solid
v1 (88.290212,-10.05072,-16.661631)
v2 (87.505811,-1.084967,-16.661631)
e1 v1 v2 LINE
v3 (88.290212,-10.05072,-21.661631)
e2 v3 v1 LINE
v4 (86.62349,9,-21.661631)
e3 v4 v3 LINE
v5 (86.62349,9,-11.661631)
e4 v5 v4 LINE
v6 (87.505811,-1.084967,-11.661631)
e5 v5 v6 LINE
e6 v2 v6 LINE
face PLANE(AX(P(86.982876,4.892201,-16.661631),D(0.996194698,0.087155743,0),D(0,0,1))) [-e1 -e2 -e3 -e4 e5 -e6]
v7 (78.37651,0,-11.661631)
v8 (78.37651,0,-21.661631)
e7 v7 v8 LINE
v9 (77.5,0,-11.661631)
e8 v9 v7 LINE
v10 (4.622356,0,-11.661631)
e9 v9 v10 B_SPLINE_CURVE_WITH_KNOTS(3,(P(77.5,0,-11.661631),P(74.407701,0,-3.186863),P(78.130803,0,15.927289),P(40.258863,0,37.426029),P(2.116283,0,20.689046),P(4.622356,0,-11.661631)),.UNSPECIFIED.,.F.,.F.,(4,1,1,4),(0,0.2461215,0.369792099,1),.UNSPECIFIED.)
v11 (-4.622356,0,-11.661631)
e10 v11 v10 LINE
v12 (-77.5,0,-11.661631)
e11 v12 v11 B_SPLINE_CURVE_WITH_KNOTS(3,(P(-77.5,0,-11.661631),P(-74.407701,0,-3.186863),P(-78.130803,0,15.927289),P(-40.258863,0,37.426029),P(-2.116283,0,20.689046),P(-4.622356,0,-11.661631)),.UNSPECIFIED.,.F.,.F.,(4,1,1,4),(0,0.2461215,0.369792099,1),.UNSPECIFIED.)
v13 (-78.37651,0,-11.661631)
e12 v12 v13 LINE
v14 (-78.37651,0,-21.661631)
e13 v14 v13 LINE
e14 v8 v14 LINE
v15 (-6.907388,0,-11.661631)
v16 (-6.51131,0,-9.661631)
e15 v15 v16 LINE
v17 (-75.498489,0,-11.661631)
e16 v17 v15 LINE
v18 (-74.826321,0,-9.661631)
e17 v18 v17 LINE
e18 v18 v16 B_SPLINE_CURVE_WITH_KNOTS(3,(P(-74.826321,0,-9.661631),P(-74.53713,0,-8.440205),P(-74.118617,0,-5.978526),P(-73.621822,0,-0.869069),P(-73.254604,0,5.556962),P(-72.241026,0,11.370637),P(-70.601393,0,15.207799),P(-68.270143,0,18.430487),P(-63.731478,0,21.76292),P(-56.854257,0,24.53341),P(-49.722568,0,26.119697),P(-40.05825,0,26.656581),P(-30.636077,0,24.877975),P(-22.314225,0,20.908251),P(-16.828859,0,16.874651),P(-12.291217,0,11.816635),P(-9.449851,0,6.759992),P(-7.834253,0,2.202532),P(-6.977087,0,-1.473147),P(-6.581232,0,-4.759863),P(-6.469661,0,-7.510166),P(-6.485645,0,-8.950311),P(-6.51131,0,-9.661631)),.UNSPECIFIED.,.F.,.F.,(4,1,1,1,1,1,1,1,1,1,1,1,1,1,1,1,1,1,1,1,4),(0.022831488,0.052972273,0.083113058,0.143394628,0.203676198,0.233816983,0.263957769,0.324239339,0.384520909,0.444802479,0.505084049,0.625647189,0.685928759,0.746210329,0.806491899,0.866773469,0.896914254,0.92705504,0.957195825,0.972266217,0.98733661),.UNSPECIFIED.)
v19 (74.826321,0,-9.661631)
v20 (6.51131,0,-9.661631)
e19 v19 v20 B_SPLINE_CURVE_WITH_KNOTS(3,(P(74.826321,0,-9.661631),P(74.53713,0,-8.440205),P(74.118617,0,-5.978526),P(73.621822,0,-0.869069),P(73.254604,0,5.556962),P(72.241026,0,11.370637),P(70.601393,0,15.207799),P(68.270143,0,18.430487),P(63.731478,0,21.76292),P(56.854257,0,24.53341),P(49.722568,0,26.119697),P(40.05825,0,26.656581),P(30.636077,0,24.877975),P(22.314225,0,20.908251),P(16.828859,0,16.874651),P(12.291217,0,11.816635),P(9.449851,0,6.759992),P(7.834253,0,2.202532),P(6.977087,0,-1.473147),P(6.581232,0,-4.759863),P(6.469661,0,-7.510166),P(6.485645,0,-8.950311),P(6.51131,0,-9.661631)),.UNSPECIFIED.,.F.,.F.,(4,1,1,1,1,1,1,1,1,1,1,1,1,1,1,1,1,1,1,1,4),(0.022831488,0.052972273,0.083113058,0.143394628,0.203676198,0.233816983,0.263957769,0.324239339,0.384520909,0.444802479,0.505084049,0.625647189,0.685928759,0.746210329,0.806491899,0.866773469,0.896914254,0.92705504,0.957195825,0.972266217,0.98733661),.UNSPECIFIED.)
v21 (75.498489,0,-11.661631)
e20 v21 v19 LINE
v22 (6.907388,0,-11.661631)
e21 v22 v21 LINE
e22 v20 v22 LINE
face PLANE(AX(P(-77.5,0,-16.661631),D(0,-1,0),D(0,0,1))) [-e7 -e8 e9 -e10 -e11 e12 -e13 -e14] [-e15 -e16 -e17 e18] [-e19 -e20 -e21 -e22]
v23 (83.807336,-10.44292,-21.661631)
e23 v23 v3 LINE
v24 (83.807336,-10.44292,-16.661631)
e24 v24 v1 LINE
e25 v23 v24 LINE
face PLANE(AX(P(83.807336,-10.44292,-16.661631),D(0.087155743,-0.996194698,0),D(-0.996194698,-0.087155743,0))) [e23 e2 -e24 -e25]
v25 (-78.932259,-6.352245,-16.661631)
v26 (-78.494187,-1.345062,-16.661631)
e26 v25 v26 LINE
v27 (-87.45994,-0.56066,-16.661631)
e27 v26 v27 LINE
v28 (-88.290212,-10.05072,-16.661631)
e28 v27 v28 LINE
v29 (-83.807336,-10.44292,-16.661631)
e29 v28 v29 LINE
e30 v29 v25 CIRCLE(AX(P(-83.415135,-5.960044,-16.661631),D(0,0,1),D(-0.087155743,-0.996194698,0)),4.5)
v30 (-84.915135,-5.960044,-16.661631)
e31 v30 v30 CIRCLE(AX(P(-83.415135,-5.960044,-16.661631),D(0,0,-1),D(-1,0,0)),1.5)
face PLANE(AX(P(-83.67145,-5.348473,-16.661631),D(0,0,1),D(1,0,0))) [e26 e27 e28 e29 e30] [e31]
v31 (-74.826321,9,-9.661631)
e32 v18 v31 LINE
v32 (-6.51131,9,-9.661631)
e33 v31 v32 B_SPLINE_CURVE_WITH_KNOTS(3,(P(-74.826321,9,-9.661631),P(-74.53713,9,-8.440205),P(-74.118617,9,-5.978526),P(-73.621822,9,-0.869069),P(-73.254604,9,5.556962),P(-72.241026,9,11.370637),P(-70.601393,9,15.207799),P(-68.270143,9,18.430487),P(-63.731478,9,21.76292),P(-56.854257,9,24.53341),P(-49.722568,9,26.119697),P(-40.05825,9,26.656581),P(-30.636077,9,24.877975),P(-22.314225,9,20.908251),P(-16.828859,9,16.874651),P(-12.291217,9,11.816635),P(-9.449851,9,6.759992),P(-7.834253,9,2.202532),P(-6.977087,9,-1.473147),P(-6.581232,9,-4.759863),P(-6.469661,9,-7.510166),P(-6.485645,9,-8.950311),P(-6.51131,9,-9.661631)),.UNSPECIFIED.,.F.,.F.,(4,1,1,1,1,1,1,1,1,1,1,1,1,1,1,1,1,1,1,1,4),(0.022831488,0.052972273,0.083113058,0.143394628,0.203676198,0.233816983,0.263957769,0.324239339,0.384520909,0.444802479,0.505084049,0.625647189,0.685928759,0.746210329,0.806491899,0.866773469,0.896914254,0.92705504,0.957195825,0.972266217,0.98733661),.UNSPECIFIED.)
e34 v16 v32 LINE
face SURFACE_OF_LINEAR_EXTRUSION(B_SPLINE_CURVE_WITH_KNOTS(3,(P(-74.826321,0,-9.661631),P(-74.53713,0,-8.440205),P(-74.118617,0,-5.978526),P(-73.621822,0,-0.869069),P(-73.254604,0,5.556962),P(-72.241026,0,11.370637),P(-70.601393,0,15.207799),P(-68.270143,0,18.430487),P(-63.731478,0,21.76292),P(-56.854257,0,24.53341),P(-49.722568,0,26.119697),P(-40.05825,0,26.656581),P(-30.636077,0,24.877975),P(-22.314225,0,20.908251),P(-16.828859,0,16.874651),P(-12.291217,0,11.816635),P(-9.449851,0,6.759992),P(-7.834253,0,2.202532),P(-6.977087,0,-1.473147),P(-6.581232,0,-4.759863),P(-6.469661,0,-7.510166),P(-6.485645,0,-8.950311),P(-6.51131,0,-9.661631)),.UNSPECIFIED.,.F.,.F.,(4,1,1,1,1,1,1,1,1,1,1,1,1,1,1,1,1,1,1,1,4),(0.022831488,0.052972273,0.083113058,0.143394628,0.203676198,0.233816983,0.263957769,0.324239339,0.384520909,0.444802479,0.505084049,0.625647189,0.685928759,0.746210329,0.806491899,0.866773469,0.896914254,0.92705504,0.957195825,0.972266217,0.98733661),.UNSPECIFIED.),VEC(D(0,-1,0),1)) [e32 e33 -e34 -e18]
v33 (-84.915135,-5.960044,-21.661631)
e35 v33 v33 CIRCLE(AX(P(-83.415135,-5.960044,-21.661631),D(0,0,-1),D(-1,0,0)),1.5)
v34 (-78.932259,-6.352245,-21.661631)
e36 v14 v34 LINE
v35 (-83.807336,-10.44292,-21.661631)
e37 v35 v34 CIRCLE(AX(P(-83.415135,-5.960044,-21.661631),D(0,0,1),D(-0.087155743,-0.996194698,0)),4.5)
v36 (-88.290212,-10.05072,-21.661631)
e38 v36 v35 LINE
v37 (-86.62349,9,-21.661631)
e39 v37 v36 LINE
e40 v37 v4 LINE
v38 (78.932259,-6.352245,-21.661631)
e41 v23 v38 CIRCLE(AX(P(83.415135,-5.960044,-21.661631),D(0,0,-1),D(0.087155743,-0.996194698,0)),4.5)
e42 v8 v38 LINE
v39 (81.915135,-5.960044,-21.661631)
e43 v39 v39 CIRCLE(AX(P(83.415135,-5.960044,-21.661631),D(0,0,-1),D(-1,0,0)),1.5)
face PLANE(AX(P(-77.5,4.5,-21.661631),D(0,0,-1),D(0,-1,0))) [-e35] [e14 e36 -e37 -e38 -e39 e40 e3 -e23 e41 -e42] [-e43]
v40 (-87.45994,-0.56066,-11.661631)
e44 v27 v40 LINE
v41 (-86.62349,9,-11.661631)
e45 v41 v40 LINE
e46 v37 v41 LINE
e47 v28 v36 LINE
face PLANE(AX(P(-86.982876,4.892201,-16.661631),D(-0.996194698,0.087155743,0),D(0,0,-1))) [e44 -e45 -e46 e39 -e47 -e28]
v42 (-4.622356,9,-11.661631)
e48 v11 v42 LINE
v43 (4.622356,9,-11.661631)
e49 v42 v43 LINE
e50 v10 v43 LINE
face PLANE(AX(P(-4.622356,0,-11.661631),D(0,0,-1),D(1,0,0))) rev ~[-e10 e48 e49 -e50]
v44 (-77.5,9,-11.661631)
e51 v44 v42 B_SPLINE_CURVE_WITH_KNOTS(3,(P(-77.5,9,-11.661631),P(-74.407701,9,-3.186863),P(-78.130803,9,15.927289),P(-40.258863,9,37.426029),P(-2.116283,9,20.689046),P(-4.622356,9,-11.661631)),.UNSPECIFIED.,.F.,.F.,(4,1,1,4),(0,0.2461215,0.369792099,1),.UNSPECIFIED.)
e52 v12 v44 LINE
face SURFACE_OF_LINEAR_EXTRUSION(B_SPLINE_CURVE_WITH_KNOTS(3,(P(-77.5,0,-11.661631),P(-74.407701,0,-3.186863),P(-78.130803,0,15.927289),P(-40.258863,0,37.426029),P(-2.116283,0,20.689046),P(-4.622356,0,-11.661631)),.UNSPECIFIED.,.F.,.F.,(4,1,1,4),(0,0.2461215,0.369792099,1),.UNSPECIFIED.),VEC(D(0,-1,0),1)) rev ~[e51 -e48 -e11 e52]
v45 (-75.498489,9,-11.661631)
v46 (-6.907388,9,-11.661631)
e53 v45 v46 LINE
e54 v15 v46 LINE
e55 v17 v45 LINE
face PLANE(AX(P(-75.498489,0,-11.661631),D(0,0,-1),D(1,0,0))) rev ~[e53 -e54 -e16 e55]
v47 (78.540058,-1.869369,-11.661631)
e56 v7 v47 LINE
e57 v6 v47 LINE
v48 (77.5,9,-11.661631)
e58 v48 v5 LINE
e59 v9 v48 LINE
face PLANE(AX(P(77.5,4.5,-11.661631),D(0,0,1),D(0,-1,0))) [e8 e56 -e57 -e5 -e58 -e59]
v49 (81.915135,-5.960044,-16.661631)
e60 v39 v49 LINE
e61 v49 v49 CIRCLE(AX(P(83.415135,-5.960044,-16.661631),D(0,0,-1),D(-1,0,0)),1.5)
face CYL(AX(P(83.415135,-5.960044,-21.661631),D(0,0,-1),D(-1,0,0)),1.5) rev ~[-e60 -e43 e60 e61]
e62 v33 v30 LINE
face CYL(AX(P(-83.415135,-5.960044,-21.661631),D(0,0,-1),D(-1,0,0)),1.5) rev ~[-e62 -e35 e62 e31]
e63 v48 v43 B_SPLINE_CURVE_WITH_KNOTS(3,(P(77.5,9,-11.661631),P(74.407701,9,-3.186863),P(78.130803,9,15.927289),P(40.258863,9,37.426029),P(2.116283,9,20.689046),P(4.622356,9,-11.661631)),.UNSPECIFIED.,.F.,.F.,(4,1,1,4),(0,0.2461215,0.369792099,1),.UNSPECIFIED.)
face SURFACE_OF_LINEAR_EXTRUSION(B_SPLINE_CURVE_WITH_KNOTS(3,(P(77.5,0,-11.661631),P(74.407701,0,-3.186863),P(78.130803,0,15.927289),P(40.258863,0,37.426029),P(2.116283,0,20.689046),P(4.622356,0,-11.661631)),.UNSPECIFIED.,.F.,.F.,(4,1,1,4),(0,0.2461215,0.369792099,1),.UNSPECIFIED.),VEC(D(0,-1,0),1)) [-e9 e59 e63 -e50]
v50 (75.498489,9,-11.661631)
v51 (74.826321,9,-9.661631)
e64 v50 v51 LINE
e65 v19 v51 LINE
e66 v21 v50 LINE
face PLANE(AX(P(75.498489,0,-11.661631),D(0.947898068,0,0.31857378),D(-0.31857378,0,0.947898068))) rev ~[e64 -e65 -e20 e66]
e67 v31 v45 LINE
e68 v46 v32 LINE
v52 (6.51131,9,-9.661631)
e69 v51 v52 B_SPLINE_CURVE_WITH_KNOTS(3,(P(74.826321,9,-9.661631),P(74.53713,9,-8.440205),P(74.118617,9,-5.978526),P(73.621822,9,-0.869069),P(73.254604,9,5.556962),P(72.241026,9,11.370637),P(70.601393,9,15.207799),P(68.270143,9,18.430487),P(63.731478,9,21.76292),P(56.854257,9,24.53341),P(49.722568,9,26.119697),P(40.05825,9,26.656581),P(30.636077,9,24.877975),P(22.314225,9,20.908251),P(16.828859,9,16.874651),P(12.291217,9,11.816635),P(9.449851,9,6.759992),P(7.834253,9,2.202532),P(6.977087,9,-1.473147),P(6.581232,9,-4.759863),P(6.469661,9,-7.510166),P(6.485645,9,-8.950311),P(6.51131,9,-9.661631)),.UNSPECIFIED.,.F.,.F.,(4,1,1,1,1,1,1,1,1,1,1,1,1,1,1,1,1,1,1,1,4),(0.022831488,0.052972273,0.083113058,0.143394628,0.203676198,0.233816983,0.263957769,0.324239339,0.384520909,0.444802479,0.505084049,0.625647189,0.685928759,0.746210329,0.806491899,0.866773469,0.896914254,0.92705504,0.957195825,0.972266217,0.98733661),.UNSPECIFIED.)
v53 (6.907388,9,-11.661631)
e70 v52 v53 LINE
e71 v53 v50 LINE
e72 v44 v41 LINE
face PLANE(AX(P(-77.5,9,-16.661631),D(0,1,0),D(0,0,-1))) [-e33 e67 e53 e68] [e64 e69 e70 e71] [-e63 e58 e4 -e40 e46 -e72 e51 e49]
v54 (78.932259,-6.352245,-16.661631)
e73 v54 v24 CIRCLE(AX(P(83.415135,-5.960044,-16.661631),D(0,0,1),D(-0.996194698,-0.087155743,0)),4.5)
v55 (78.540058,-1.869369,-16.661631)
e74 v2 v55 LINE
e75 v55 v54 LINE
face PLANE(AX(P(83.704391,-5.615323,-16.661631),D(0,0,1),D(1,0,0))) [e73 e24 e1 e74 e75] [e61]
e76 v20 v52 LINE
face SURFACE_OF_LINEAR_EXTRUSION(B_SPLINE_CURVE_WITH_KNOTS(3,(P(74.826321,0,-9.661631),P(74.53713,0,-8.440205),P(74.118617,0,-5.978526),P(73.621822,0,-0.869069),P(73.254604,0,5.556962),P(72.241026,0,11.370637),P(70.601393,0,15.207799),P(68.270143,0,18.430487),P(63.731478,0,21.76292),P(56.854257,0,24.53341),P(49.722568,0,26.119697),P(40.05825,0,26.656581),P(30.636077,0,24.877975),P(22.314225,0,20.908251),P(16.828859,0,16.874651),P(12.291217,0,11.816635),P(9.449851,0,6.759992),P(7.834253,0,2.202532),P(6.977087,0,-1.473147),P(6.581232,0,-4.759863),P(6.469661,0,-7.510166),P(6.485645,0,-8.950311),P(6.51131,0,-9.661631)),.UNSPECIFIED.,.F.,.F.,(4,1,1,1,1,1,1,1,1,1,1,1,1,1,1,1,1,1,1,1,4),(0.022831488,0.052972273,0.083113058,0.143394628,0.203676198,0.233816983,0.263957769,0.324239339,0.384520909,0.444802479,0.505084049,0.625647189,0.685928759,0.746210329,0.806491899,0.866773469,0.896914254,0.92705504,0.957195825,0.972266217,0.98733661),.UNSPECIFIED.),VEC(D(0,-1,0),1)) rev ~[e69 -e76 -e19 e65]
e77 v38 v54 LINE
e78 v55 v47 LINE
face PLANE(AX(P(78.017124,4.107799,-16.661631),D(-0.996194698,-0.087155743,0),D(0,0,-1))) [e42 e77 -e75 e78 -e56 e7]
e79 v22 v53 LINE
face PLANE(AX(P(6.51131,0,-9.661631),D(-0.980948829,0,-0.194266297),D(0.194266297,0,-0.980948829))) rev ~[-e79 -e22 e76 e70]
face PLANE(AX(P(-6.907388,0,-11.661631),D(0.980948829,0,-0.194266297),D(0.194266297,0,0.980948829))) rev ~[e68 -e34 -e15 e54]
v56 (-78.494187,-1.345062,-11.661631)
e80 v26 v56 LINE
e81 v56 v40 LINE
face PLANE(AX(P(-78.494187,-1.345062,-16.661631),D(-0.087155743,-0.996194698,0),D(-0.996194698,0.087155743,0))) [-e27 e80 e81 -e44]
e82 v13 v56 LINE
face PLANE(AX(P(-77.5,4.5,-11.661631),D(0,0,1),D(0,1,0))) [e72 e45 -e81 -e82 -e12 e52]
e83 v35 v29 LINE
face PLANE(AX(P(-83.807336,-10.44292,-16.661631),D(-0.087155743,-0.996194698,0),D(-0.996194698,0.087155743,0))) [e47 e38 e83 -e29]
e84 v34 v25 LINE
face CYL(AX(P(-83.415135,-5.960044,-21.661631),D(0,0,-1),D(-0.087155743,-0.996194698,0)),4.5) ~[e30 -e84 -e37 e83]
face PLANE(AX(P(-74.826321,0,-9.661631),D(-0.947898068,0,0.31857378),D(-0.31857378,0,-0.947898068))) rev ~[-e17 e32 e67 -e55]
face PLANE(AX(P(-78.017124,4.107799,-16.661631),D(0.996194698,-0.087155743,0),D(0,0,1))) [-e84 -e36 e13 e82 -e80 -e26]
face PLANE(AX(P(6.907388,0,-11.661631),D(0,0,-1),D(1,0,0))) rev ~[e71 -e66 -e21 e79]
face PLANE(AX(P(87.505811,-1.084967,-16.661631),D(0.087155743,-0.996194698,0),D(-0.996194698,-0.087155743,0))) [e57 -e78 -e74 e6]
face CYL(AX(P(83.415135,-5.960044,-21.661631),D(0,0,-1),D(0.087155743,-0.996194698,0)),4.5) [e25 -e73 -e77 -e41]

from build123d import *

# Parameters (mm, degrees)
FRAME_DEPTH            = 9
SKETCH_1033_W          = 10
SKETCH_1033_H          = 9
CONNECTION_2_DEPTH     = 103.044080854
SKETCH_23_W            = 10
SKETCH_23_H            = 9
SKETCH_24_R            = 1.5
AND_CONNECTION_DEPTH   = 103.044080854
SKETCH_1598_R          = 1.5
CUT_EXTRUDE_2777_DEPTH = 103.004936699
CONNECTION_4_DEPTH     = 5
CUT_EXTRUDE_4_DEPTH    = 5


with BuildPart() as part:
    # 草图1 → frame (new body)
    with BuildSketch(Plane(origin=(0, 0, 0), x_dir=(1, 0, 0), z_dir=(0, 1, 0))):
        Polygon((77.5, 21.66163142), (77.5, 11.66163142), (4.622356495, 11.66163142), (-4.622356495, 11.66163142), (-77.5, 11.66163142), (-77.5, 21.66163142), align=None)
        with BuildLine():
            add(Edge.make_bspline(
                [(77.5, 11.66163142), (74.407700798, 3.186863233), (78.13080327, -15.927288699), (40.25886312, -37.426028597), (2.116282918, -20.689046368), (4.622356495, 11.66163142)],
                knots=[0, 0, 0, 0, 0.2461215, 0.369792099, 1, 1, 1, 1], degree=3))
            Line((77.5, 11.66163142), (75.498489426, 11.66163142))
            Line((75.498489426, 11.66163142), (74.826320569, 9.66163142))
            add(Edge.make_bspline(
                [(74.826320569, 9.66163142), (74.537129512, 8.440205397), (74.118616889, 5.97852646), (73.621822389, 0.86906895), (73.254603503, -5.556962308), (72.241025744, -11.370637322), (70.601393479, -15.207799235), (68.270143007, -18.43048657), (63.731478169, -21.762919869), (56.85425746, -24.533410045), (49.722568077, -26.119696622), (40.058249914, -26.656581209), (30.63607695, -24.877975202), (22.314225365, -20.908251341), (16.828859323, -16.874650673), (12.291217041, -11.816635216), (9.449850549, -6.759991518), (7.834253455, -2.202532167), (6.977086921, 1.473147324), (6.581231794, 4.759863142), (6.469661343, 7.510165764), (6.485645336, 8.950311376), (6.511310136, 9.66163142)],
                knots=[0.022831488, 0.022831488, 0.022831488, 0.022831488, 0.052972273, 0.083113058, 0.143394628, 0.203676198, 0.233816983, 0.263957769, 0.324239339, 0.384520909, 0.444802479, 0.505084049, 0.625647189, 0.685928759, 0.746210329, 0.806491899, 0.866773469, 0.896914254, 0.92705504, 0.957195825, 0.972266217, 0.98733661, 0.98733661, 0.98733661, 0.98733661], degree=3))
            Line((6.511310136, 9.66163142), (6.907388487, 11.66163142))
            Line((6.907388487, 11.66163142), (4.622356495, 11.66163142))
        make_face()
        with BuildLine():
            Line((-75.498489426, 11.66163142), (-77.5, 11.66163142))
            add(Edge.make_bspline(
                [(-77.5, 11.66163142), (-74.407700798, 3.186863233), (-78.13080327, -15.927288699), (-40.25886312, -37.426028597), (-2.116282918, -20.689046368), (-4.622356495, 11.66163142)],
                knots=[0, 0, 0, 0, 0.2461215, 0.369792099, 1, 1, 1, 1], degree=3))
            Line((-4.622356495, 11.66163142), (-6.907388487, 11.66163142))
            Line((-6.907388487, 11.66163142), (-6.511310136, 9.66163142))
            add(Edge.make_bspline(
                [(-74.826320569, 9.66163142), (-74.537129512, 8.440205397), (-74.118616889, 5.97852646), (-73.621822389, 0.86906895), (-73.254603503, -5.556962308), (-72.241025744, -11.370637322), (-70.601393479, -15.207799235), (-68.270143007, -18.43048657), (-63.731478169, -21.762919869), (-56.85425746, -24.533410045), (-49.722568077, -26.119696622), (-40.058249914, -26.656581209), (-30.63607695, -24.877975202), (-22.314225365, -20.908251341), (-16.828859323, -16.874650673), (-12.291217041, -11.816635216), (-9.449850549, -6.759991518), (-7.834253455, -2.202532167), (-6.977086921, 1.473147324), (-6.581231794, 4.759863142), (-6.469661343, 7.510165764), (-6.485645336, 8.950311376), (-6.511310136, 9.66163142)],
                knots=[0.022831488, 0.022831488, 0.022831488, 0.022831488, 0.052972273, 0.083113058, 0.143394628, 0.203676198, 0.233816983, 0.263957769, 0.324239339, 0.384520909, 0.444802479, 0.505084049, 0.625647189, 0.685928759, 0.746210329, 0.806491899, 0.866773469, 0.896914254, 0.92705504, 0.957195825, 0.972266217, 0.98733661, 0.98733661, 0.98733661, 0.98733661], degree=3))
            Line((-74.826320569, 9.66163142), (-75.498489426, 11.66163142))
        make_face()
    extrude(amount=FRAME_DEPTH)

    # connection: sweep along a path in Sketch 1205
    with BuildLine(Plane(origin=(0, 0, -16.66163142), x_dir=(-1, 0, 0), z_dir=(0, 0, -1))) as connection_path:
        Line((-77.5, 4.5), (-82.5, 4.5))
        Line((-82.5, 4.5), (-83.807336141, -10.442920471))
    # Sketch 1033 → connection (sweep)
    with BuildSketch(Plane(origin=(77.5, 0, 0), x_dir=(0, 0, -1), z_dir=(1, 0, 0))):
        with Locations((16.66163142, 4.5)):
            Rectangle(SKETCH_1033_W, SKETCH_1033_H)
    sweep(path=connection_path.line, transition=Transition.RIGHT)

    # 草图20 → connection 2 (cut, through all)
    with BuildSketch(Plane(origin=(0, 0, -21.66163142), x_dir=(-1, 0, 0), z_dir=(0, 0, -1))):
        with BuildLine():
            Line((-79.32446, -10.835121314), (-83.807336141, -10.442920471))
            ThreePointArc((-83.807336141, -10.442920471), (-80.522591055, -9.407244324), (-78.932259157, -6.352245172))
            Line((-78.932259157, -6.352245172), (-79.32446, -10.835121314))
        make_face()
    extrude(amount=-CONNECTION_2_DEPTH, mode=Mode.SUBTRACT)

    # connection 3: sweep along a path in 草图22
    with BuildLine(Plane(origin=(0, 0, -16.66163142), x_dir=(-1, 0, 0), z_dir=(0, 0, -1))) as connection_3_path:
        Line((77.5, 4.5), (82.5, 4.5))
        Line((82.5, 4.5), (83.807336141, -10.442920471))
    # 草图23 → connection 3 (sweep)
    with BuildSketch(Plane.ZY.offset(77.5)):
        with Locations((-16.66163142, 4.5)):
            Rectangle(SKETCH_23_W, SKETCH_23_H)
    sweep(path=connection_3_path.line, transition=Transition.RIGHT)

    # 草图24 → 右侧孔and_connection圆角化 (cut, through all)
    with BuildSketch(Plane(origin=(0, 0, -21.66163142), x_dir=(-1, 0, 0), z_dir=(0, 0, -1))):
        with Locations((83.415135299, -5.96004433)):
            Circle(SKETCH_24_R)
        with BuildLine():
            Line((79.32446, -10.835121314), (83.807336141, -10.442920471))
            ThreePointArc((83.807336141, -10.442920471), (80.522591055, -9.407244324), (78.932259157, -6.352245172))
            Line((78.932259157, -6.352245172), (79.32446, -10.835121314))
        make_face()
    extrude(amount=-AND_CONNECTION_DEPTH, mode=Mode.SUBTRACT)

    # Sketch 1598 → Cut-Extrude 2777 (cut, through all)
    with BuildSketch(Plane(origin=(0, 0, -21.66163142), x_dir=(-1, 0, 0), z_dir=(0, 0, -1))):
        with Locations((-83.415135299, -5.96004433)):
            Circle(SKETCH_1598_R)
    extrude(amount=-CUT_EXTRUDE_2777_DEPTH, mode=Mode.SUBTRACT)

    # 草图27 → connection 4 (cut)
    with BuildSketch(Plane(origin=(0, 0, -16.66163142), x_dir=(-1, 0, 0), z_dir=(0, 0, -1))):
        with BuildLine():
            Line((-87.505810598, -1.084967346), (-78.540058315, -1.869369031))
            Line((-78.540058315, -1.869369031), (-78.932259157, -6.352245172))
            ThreePointArc((-78.932259157, -6.352245172), (-80.522591055, -9.407244324), (-83.807336141, -10.442920471))
            Line((-83.807336141, -10.442920471), (-88.290212283, -10.050719629))
            Line((-88.290212283, -10.050719629), (-87.505810598, -1.084967346))
        make_face()
    extrude(amount=-CONNECTION_4_DEPTH, mode=Mode.SUBTRACT)

    # 草图30 → 切除-拉伸4 (cut)
    with BuildSketch(Plane(origin=(0, 0, -16.66163142), x_dir=(-1, 0, 0), z_dir=(0, 0, -1))):
        with BuildLine():
            Line((88.290212283, -10.050719629), (83.807336141, -10.442920471))
            ThreePointArc((83.807336141, -10.442920471), (80.522591055, -9.407244324), (78.932259157, -6.352245172))
            Line((78.932259157, -6.352245172), (78.494187368, -1.345061709))
            Line((78.494187368, -1.345061709), (87.459939651, -0.560660024))
            Line((87.459939651, -0.560660024), (88.290212283, -10.050719629))
        make_face()
    extrude(amount=-CUT_EXTRUDE_4_DEPTH, mode=Mode.SUBTRACT)


solid = part.part
